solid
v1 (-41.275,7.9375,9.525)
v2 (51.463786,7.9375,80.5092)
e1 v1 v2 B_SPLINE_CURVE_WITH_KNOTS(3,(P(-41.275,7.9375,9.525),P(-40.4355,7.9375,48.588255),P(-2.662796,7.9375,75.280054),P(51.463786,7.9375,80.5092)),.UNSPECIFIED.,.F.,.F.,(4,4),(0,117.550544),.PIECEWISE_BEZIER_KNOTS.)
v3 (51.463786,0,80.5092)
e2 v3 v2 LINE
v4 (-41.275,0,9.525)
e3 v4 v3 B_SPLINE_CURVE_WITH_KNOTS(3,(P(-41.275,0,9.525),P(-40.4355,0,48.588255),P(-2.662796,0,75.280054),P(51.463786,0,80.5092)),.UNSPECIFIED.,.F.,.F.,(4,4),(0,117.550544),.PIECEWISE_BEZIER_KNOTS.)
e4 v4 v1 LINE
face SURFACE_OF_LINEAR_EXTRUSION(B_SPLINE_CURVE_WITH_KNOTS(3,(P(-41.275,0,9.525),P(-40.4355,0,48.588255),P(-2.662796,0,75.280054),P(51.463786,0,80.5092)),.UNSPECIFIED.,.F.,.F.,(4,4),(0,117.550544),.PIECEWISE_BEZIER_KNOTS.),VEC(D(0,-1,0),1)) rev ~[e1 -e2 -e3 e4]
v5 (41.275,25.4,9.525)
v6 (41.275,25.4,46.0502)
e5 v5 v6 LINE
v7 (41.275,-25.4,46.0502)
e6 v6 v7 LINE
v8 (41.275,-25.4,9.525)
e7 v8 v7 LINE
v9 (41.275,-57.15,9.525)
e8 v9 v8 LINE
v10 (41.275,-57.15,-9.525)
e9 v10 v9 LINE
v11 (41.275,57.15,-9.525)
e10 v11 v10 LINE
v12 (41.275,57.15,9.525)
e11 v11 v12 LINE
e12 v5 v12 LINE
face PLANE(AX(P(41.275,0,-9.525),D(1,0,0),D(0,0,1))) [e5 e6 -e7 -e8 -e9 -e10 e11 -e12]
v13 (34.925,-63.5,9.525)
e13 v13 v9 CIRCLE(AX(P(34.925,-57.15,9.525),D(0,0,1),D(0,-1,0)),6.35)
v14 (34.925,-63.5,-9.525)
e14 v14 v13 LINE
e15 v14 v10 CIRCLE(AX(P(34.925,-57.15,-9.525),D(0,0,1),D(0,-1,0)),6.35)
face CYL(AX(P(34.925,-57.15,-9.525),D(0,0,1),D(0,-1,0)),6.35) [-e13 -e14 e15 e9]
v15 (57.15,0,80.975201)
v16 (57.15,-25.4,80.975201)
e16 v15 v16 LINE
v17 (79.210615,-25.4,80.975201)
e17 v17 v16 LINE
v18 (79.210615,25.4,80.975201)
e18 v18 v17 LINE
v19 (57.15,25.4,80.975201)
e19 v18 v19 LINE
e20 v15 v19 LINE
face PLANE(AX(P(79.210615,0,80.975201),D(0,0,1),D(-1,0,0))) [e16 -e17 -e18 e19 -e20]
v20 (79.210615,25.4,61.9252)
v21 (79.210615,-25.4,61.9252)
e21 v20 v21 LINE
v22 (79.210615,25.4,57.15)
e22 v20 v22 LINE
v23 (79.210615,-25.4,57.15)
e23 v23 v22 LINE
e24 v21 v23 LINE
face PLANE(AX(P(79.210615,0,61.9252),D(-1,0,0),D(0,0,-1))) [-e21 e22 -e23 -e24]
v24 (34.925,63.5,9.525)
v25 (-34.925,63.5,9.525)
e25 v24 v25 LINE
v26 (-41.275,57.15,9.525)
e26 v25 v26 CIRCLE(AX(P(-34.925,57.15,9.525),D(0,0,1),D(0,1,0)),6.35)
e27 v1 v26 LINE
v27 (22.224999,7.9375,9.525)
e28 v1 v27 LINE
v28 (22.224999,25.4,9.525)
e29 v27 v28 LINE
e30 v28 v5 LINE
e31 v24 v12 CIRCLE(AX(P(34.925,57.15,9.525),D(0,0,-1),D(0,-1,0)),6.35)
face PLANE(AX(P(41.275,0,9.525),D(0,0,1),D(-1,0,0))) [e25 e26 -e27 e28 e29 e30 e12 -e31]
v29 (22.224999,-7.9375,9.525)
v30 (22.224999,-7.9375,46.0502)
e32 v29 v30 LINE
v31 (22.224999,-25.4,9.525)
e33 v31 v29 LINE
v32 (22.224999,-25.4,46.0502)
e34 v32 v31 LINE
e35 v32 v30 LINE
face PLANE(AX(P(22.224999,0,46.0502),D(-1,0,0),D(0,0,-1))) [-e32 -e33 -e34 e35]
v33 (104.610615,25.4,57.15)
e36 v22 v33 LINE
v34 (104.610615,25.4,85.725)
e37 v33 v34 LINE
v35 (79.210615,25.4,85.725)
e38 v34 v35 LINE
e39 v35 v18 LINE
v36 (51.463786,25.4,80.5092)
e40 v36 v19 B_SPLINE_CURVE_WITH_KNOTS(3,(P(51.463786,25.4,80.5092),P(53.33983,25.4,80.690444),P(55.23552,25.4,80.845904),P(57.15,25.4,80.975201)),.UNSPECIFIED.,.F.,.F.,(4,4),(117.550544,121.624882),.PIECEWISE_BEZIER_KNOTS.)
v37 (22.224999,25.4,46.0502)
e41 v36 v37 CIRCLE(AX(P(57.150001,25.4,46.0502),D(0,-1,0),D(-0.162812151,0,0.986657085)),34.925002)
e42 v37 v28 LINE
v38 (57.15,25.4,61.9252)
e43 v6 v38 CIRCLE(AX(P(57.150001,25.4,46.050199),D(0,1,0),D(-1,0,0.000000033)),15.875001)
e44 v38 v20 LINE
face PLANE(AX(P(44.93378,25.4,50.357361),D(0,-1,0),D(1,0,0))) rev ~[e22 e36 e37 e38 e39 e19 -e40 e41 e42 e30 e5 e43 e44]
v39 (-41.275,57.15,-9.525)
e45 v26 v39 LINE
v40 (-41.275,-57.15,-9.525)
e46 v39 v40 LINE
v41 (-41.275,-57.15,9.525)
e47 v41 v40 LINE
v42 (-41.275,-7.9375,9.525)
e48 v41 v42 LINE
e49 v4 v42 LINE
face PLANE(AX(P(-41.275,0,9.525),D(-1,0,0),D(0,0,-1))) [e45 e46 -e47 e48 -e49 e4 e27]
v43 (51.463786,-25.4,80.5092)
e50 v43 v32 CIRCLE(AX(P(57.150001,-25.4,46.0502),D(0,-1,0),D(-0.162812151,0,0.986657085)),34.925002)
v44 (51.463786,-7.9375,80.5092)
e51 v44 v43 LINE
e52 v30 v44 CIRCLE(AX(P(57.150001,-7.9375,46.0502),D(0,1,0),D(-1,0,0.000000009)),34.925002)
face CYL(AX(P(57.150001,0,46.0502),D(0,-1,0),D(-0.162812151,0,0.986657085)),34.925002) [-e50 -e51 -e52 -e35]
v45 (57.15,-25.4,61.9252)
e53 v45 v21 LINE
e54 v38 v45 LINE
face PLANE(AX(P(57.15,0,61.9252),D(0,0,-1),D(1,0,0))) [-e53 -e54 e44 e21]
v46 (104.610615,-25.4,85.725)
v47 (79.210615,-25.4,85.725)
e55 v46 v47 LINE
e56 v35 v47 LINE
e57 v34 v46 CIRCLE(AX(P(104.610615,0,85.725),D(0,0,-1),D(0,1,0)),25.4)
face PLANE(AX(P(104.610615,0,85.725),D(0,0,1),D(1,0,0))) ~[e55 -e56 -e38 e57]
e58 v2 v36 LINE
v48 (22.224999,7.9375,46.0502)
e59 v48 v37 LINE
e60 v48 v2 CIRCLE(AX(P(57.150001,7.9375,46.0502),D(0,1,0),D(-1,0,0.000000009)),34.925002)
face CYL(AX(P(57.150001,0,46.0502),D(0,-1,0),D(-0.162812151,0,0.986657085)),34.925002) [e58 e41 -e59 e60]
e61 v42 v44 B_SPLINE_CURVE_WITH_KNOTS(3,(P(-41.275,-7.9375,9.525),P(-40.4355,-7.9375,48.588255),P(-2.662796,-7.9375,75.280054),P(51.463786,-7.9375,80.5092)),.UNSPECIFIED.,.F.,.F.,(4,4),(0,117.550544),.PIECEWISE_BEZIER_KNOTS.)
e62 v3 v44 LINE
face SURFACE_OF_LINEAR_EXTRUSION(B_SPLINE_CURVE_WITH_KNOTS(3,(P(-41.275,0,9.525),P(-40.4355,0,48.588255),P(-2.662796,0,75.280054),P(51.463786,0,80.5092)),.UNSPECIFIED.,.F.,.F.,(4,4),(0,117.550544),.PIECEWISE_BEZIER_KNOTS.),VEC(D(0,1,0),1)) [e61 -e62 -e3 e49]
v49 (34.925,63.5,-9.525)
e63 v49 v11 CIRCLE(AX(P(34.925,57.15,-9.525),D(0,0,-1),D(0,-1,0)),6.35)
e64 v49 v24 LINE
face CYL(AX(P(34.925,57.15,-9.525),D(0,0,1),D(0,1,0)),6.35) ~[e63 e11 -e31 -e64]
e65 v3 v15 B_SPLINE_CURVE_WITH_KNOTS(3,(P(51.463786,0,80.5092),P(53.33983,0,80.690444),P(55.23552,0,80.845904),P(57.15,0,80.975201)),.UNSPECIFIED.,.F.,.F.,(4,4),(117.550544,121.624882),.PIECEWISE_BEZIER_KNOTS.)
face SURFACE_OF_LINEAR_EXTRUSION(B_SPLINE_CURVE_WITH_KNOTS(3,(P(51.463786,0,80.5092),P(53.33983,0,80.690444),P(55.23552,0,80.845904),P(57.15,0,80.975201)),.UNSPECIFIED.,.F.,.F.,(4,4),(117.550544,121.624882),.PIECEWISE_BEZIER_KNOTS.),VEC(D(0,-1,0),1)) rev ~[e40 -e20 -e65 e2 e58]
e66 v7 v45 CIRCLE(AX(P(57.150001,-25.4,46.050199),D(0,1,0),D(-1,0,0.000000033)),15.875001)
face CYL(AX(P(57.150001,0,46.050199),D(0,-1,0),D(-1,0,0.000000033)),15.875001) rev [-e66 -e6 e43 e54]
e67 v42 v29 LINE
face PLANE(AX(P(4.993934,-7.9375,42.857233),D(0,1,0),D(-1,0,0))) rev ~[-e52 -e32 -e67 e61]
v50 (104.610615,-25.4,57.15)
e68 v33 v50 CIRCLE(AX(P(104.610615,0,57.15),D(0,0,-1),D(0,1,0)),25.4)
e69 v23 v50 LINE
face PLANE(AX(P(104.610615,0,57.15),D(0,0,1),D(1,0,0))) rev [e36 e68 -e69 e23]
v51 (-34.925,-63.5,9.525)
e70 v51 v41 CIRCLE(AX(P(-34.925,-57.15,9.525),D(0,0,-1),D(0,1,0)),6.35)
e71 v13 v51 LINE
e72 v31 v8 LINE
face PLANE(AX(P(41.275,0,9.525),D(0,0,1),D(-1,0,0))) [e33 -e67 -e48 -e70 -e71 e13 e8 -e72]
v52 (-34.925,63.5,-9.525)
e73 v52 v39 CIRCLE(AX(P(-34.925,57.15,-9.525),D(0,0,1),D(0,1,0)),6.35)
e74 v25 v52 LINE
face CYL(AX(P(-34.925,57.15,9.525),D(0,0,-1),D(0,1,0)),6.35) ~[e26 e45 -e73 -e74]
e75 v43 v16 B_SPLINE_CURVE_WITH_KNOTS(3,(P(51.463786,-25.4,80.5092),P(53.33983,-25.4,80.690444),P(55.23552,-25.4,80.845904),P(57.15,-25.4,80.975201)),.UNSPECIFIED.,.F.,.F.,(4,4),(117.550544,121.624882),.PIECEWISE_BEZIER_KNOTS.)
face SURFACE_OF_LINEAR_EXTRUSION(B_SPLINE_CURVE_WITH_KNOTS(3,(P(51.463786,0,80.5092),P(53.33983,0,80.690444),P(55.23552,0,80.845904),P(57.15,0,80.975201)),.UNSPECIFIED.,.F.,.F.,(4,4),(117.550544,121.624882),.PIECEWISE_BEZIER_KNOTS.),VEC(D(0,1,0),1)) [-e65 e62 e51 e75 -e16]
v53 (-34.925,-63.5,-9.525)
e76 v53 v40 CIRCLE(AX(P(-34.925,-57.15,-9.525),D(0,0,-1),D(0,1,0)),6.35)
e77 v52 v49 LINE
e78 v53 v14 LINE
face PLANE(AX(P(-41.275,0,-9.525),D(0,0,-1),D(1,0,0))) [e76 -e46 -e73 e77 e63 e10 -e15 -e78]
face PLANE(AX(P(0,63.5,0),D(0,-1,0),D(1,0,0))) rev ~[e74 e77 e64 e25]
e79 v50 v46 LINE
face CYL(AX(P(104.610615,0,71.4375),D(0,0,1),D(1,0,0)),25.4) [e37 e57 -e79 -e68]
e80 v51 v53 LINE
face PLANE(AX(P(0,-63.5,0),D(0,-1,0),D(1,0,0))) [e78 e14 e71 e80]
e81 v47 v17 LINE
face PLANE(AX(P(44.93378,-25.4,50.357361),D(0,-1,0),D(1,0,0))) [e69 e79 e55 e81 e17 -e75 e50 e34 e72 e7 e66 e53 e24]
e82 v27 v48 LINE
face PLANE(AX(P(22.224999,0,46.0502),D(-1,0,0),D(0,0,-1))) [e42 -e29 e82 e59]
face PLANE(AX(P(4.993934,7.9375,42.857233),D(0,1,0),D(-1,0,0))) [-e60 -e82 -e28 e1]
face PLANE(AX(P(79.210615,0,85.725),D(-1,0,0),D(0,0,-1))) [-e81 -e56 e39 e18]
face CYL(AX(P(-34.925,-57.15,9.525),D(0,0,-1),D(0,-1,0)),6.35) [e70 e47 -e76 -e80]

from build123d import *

# Parameters (mm, degrees)
F1_DEPTH = 63.5
F2_DEPTH = 25.4
F3_DEPTH = 7.9375
F0_W     = 25.4
F0_H     = 28.575
F5_R     = 6.35


with BuildPart() as f1:
    # F0 (on Front) → F1 (new body, symmetric)
    with BuildSketch(Plane.XZ):
        Polygon((-41.275, 9.525), (-41.275, -9.525), (41.275, -9.525), (41.275, 9.525), (22.224999, 9.525), align=None)
    extrude(amount=F1_DEPTH, both=True)

    # F0 (on Front) → F2 (join, symmetric)
    with BuildSketch(Plane.XZ):
        with BuildLine():
            Line((22.224999, 9.525), (41.275, 9.525))
            Line((41.275, 9.525), (41.275, 46.0502))
            ThreePointArc((41.275, 46.0502), (45.92468, 57.27552), (57.15, 61.9252))
            Line((57.15, 61.9252), (79.210615, 61.9252))
            Line((79.210615, 61.9252), (79.210615, 80.975201))
            Line((79.210615, 80.975201), (57.15, 80.975201))
            add(Edge.make_bspline(
                [(51.463786, 80.5092), (53.33983, 80.690444), (55.23552, 80.845904), (57.15, 80.975201)],
                knots=[117.550544, 117.550544, 117.550544, 117.550544, 121.624882, 121.624882, 121.624882, 121.624882], degree=3))
            ThreePointArc((51.463786, 80.5092), (30.519691, 68.646269), (22.224999, 46.0502))
            Line((22.224999, 46.0502), (22.224999, 9.525))
        make_face()
        Polygon((79.210615, 85.725), (79.210615, 80.975201), (79.210615, 61.9252), (79.210615, 57.15), (104.610615, 57.15), (104.610615, 85.725), align=None)
    extrude(amount=F2_DEPTH, both=True)

    # F0 (on Front) → F3 (join, symmetric)
    with BuildSketch(Plane.XZ):
        with BuildLine():
            add(Edge.make_bspline(
                [(-41.275, 9.525), (-40.4355, 48.588255), (-2.662796, 75.280054), (51.463786, 80.5092)],
                knots=[0, 0, 0, 0, 117.550544, 117.550544, 117.550544, 117.550544], degree=3))
            Line((-41.275, 9.525), (22.224999, 9.525))
            Line((22.224999, 9.525), (22.224999, 46.0502))
            ThreePointArc((22.224999, 46.0502), (30.519691, 68.646269), (51.463786, 80.5092))
        make_face()
    extrude(amount=F3_DEPTH, both=True)

    # F0 (on Front) → F4 (revolve)
    with BuildSketch(Plane.XZ):
        with Locations((117.310615, 71.4375)):
            Rectangle(F0_W, F0_H)
    revolve(axis=Axis((104.610615, 0, 71.4375), (0, 0, 1)))

    # F5
    f5_edges = [f1.edges().sort_by_distance(p)[0] for p in [
        (41.275, -63.5, 0),
        (41.275, 63.5, 0),
        (-41.275, 63.5, 0),
        (-41.275, -63.5, 0),
    ]]
    fillet(f5_edges, radius=F5_R)


solid = f1.part
